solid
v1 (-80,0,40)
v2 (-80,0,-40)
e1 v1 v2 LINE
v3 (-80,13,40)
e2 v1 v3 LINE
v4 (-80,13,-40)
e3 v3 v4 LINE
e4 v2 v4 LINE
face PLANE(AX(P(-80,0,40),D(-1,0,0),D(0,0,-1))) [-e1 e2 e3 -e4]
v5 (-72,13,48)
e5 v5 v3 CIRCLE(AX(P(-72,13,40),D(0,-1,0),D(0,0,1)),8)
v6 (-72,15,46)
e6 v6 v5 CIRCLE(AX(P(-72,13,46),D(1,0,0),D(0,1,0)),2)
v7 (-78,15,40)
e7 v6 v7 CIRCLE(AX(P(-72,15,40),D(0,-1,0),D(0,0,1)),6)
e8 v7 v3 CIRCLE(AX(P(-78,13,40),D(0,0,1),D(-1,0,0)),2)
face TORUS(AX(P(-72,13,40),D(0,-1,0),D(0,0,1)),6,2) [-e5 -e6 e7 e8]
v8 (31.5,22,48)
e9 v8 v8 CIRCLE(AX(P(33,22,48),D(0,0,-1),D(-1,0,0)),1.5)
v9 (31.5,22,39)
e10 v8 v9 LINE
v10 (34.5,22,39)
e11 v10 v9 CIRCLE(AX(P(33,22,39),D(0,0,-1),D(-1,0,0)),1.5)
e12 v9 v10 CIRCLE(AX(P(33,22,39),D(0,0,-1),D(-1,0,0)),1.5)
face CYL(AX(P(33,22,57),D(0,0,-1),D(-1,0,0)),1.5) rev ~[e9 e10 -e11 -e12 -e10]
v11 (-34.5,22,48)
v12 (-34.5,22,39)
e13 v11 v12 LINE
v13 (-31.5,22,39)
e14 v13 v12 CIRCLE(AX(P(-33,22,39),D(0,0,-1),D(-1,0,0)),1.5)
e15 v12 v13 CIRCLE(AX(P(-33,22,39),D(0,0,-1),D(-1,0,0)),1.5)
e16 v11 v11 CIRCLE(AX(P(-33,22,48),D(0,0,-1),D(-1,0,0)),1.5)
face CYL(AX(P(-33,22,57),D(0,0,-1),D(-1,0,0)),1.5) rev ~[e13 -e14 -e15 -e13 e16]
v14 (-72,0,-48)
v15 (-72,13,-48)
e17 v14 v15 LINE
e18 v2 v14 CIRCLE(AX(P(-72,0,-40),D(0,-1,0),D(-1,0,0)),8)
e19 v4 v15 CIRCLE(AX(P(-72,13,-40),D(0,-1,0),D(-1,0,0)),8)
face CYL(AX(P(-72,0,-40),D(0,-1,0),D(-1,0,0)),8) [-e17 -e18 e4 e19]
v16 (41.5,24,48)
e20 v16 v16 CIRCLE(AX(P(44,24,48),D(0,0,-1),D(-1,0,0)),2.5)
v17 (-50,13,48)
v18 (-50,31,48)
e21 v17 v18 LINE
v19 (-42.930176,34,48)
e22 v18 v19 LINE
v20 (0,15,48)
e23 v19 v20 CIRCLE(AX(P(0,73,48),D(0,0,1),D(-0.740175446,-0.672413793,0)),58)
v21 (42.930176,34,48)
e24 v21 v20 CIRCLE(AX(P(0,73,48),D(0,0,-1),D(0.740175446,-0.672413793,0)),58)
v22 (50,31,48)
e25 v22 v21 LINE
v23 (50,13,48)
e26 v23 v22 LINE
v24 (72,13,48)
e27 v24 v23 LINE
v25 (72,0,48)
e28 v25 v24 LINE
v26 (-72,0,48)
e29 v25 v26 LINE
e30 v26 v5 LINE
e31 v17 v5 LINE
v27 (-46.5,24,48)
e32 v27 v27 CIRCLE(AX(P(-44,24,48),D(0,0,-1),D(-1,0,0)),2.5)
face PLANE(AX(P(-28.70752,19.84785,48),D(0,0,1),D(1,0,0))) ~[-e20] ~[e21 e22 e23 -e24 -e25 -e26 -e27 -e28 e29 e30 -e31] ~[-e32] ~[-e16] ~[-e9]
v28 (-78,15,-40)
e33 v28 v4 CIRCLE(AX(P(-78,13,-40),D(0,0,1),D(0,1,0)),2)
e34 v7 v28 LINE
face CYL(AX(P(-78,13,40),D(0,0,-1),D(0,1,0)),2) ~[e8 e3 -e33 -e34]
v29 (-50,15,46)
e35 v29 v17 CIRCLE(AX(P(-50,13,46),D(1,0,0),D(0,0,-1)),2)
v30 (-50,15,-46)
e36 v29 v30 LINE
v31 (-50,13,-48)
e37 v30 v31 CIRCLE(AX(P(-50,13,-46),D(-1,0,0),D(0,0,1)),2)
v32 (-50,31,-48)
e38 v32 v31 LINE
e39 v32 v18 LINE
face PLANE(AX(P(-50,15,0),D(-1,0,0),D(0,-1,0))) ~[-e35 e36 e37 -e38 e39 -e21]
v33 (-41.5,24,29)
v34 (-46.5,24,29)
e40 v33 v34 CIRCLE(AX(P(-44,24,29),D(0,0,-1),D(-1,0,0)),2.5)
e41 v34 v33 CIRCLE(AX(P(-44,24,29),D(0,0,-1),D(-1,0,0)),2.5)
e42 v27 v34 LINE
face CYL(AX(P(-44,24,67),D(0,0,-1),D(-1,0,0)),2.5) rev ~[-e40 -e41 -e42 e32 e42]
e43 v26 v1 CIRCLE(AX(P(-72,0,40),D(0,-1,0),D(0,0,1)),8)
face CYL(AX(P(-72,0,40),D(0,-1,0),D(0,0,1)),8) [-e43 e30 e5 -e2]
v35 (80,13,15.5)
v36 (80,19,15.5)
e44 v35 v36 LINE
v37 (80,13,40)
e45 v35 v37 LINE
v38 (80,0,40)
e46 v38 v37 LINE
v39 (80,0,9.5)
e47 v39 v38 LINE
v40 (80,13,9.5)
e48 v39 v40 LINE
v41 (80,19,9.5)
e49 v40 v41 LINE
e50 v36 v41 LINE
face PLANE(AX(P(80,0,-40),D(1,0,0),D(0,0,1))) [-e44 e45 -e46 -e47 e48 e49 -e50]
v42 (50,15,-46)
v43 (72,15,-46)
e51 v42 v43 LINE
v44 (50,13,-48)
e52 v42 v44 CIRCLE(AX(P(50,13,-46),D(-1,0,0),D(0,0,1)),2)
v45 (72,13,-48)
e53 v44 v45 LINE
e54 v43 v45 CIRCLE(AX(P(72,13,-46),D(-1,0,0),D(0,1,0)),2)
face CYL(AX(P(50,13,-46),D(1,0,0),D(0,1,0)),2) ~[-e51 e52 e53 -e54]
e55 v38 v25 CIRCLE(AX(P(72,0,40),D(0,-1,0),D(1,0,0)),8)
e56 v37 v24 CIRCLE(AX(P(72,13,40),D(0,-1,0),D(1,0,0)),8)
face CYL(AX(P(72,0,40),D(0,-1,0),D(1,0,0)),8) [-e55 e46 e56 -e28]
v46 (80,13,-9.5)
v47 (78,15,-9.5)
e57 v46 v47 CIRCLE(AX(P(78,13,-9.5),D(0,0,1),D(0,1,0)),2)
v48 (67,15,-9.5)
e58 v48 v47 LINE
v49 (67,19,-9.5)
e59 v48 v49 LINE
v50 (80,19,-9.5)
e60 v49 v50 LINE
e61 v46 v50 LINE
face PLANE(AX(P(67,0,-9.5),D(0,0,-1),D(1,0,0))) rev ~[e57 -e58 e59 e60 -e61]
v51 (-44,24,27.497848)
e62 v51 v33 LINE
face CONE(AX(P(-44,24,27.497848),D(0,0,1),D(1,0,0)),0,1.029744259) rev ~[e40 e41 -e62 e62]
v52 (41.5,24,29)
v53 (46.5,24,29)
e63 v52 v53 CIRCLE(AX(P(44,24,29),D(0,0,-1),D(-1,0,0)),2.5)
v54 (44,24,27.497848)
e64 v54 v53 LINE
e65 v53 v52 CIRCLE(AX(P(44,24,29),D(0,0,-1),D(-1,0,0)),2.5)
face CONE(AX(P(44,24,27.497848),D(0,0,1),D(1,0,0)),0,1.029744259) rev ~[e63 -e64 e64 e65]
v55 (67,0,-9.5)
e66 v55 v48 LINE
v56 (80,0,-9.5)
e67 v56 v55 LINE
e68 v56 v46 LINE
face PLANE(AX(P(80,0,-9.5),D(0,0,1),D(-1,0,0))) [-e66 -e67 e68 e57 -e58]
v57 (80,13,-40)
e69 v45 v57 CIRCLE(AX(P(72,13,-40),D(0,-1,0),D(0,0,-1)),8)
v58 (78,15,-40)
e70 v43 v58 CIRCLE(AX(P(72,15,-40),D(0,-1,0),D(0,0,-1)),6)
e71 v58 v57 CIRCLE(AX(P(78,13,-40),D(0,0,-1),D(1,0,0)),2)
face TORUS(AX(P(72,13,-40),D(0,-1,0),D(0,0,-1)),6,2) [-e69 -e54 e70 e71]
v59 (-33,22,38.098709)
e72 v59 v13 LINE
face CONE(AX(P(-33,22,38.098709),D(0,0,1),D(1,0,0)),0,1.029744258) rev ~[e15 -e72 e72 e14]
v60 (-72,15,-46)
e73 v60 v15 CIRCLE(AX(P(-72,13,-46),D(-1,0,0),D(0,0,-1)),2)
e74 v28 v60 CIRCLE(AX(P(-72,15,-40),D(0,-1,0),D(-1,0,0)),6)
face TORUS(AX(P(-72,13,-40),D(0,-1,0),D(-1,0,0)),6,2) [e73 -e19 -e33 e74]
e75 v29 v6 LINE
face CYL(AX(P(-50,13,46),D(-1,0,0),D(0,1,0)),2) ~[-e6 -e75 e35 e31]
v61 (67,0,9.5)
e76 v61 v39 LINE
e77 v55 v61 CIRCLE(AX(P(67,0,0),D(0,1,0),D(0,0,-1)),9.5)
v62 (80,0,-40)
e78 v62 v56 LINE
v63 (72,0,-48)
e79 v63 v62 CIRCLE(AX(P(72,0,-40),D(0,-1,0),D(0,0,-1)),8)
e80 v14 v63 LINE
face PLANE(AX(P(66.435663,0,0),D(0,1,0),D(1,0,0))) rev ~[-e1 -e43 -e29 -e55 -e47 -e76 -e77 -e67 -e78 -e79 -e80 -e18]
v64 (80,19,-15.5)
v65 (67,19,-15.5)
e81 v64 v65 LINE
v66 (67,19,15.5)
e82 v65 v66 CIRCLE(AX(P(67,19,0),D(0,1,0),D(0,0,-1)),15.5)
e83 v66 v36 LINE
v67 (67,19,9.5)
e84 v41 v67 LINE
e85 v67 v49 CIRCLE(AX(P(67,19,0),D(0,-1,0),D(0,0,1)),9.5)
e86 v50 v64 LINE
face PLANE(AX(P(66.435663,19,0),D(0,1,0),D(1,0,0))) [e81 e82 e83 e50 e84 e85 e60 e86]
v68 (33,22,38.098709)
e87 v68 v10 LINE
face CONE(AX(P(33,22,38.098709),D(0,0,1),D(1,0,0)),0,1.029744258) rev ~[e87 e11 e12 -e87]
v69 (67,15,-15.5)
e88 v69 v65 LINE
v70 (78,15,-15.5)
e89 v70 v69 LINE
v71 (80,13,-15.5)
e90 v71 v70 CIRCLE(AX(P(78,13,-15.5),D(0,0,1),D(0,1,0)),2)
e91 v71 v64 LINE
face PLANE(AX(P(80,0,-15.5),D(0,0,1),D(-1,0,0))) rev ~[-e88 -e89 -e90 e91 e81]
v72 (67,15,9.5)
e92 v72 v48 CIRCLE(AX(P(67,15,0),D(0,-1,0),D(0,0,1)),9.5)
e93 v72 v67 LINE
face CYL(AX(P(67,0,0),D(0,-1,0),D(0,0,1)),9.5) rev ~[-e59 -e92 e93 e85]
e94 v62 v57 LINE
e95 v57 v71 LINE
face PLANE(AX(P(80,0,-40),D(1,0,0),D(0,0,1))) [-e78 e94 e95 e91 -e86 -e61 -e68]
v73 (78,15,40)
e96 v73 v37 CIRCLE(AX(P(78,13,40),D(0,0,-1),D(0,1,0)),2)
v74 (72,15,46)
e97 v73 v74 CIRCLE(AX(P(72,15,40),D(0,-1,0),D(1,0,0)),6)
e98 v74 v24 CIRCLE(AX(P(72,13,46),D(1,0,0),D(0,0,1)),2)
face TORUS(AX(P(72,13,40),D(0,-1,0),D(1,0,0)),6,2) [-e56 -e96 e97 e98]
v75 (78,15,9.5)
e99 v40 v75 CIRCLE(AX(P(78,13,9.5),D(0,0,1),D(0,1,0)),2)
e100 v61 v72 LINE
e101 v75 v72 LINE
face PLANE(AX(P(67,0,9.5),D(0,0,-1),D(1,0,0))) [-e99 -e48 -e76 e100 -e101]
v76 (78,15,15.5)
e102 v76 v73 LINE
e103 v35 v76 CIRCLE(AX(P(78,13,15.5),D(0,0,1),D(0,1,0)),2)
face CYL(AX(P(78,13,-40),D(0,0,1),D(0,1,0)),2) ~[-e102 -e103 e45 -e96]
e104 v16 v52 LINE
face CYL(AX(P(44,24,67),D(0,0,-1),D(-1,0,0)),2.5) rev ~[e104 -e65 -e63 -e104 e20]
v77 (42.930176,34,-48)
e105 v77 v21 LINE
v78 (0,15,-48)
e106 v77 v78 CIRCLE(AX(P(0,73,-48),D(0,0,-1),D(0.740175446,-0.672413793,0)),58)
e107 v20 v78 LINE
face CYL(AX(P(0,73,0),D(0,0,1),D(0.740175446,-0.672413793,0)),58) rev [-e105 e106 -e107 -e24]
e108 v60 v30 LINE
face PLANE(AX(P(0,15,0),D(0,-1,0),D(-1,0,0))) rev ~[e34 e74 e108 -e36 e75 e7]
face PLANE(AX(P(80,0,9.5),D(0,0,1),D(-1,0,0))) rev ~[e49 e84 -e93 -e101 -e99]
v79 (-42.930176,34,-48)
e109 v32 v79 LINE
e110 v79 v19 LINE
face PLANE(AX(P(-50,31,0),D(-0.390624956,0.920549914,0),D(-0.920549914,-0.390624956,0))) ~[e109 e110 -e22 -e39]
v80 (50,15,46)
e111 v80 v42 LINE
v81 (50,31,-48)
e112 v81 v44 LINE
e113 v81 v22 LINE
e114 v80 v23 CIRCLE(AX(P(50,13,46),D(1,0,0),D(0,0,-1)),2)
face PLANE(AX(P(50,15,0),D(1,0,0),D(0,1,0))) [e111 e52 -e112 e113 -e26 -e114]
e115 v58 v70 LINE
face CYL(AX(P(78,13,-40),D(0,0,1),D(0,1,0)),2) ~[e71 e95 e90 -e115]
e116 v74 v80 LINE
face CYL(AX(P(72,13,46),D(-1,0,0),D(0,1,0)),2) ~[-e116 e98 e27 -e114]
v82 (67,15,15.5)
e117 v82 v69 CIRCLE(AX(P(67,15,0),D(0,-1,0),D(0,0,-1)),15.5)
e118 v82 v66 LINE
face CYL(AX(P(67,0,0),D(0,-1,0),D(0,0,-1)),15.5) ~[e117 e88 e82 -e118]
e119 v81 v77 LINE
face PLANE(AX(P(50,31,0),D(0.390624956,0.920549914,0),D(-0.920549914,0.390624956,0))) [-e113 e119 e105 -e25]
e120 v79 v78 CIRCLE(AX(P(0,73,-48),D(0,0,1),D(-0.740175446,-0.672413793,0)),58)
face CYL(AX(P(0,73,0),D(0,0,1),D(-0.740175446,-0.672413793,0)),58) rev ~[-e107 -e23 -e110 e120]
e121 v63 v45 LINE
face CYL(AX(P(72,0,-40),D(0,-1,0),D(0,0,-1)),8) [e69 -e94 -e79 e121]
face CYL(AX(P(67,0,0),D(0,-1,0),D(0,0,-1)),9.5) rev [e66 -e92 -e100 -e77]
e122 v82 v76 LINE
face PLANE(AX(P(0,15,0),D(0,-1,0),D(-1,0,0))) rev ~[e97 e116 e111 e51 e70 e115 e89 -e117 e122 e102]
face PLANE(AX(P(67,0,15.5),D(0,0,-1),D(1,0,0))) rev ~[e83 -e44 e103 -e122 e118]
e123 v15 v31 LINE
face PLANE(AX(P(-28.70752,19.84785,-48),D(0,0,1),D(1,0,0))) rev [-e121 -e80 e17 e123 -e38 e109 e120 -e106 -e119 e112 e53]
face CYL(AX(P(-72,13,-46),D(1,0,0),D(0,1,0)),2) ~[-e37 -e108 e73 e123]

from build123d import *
from build123d.topology import SkipClean

# Parameters (mm, degrees)
EXTRUDE_1_DEPTH           = 15
EXTRUDE_2_DEPTH           = 48
HOLE_WIZARD_M6_1_D        = 5
HOLE_WIZARD_M6_1_DEPTH    = 19
HOLE_WIZARD_M6_1_TIP      = 1.502151548
HOLE_WIZARD_3_0_3_1_D     = 3
HOLE_WIZARD_3_0_3_1_DEPTH = 9
HOLE_WIZARD_3_0_3_1_TIP   = 0.901290929
FILLET_1_R                = 2
EXTRUDE_3_DEPTH           = 19
CUT_EXTRUDE_4_DEPTH       = 100.297532698


with BuildPart() as part:
    # 草圖1 → 伸長1 (new body)
    with BuildSketch(Plane(origin=(0, 0, 0), x_dir=(1, 0, 0), z_dir=(0, 1, 0))):
        with BuildLine():
            Line((-72, 48), (72, 48))
            ThreePointArc((72, 48), (77.656854249, 45.656854249), (80, 40))
            Line((80, 40), (80, -40))
            ThreePointArc((80, -40), (77.656854249, -45.656854249), (72, -48))
            Line((72, -48), (-72, -48))
            ThreePointArc((-72, -48), (-77.656854249, -45.656854249), (-80, -40))
            Line((-80, -40), (-80, 40))
            ThreePointArc((-80, 40), (-77.656854249, 45.656854249), (-72, 48))
        make_face()
    extrude(amount=EXTRUDE_1_DEPTH)

    # 草圖3 → 伸長2 (add, symmetric)
    with BuildSketch(Plane.XY):
        with BuildLine():
            Line((50, 15), (50, 31))
            Line((50, 31), (42.930175867, 34))
            ThreePointArc((42.930175867, 34), (23.473389189, 19.962277575), (0, 15))
            Line((0, 15), (50, 15))
        make_face()
    extrude_2 = extrude(amount=EXTRUDE_2_DEPTH, both=True)

    # 鏡射1: 伸長2 across plane
    add(extrude_2.mirror(Plane(origin=(0, 0, 0), x_dir=(0, 0, 1), z_dir=(1, 0, 0))))

    # M6 螺紋孔1
    with Locations(Plane.XY.offset(48)):
        with Locations((44, 24), (-44, 24)):
            Hole(HOLE_WIZARD_M6_1_D / 2, depth=HOLE_WIZARD_M6_1_DEPTH)
            with Locations((0, 0, -(HOLE_WIZARD_M6_1_DEPTH + HOLE_WIZARD_M6_1_TIP / 2))):  # 118° drill point
                Cone(0, HOLE_WIZARD_M6_1_D / 2, HOLE_WIZARD_M6_1_TIP, mode=Mode.SUBTRACT)

    # Ø3.0 (3) 直徑孔1
    with Locations(Plane.XY.offset(48)):
        with Locations((33, 22), (-33, 22)):
            Hole(HOLE_WIZARD_3_0_3_1_D / 2, depth=HOLE_WIZARD_3_0_3_1_DEPTH)
            with Locations((0, 0, -(HOLE_WIZARD_3_0_3_1_DEPTH + HOLE_WIZARD_3_0_3_1_TIP / 2))):  # 118° drill point
                Cone(0, HOLE_WIZARD_3_0_3_1_D / 2, HOLE_WIZARD_3_0_3_1_TIP, mode=Mode.SUBTRACT)

    # 圓角1
    fillet_1_edges = [part.edges().sort_by_distance(p)[0] for p in [
        (-77.656854249, 15, -45.656854249),
        (-80, 15, 0),
        (-77.656854249, 15, 45.656854249),
        (-61, 15, 48),
        (77.656854249, 15, 45.656854249),
        (61, 15, 48),
        (80, 15, 0),
        (-61, 15, -48),
        (77.656854249, 15, -45.656854249),
        (61, 15, -48),
    ]]
    fillet(fillet_1_edges, radius=FILLET_1_R)

    # 草圖2 → 伸長3 (add)
    with BuildSketch(Plane(origin=(0, 0, 0), x_dir=(1, 0, 0), z_dir=(0, 1, 0))):
        with BuildLine():
            Line((67, 9.5), (80, 9.5))
            Line((80, 9.5), (80, 15.5))
            Line((80, 15.5), (67, 15.5))
            ThreePointArc((67, 15.5), (51.5, 0), (67, -15.5))
            Line((67, -15.5), (80, -15.5))
            Line((80, -15.5), (80, -9.5))
            Line((80, -9.5), (67, -9.5))
            ThreePointArc((67, -9.5), (57.5, 0), (67, 9.5))
        make_face()
    extrude(amount=EXTRUDE_3_DEPTH)

    # 草圖2<3> → 伸長4 (cut, through all)
    with SkipClean():  # the faces are left unmerged after this step: merging them gives an invalid solid
        with BuildSketch(Plane(origin=(0, 0, 0), x_dir=(1, 0, 0), z_dir=(0, 1, 0))):
            with BuildLine():
                Line((80, -9.5), (80, 9.5))
                Line((80, 9.5), (67, 9.5))
                ThreePointArc((67, 9.5), (57.5, 0), (67, -9.5))
                Line((67, -9.5), (80, -9.5))
            make_face()
        extrude(amount=CUT_EXTRUDE_4_DEPTH, mode=Mode.SUBTRACT)


solid = part.part
